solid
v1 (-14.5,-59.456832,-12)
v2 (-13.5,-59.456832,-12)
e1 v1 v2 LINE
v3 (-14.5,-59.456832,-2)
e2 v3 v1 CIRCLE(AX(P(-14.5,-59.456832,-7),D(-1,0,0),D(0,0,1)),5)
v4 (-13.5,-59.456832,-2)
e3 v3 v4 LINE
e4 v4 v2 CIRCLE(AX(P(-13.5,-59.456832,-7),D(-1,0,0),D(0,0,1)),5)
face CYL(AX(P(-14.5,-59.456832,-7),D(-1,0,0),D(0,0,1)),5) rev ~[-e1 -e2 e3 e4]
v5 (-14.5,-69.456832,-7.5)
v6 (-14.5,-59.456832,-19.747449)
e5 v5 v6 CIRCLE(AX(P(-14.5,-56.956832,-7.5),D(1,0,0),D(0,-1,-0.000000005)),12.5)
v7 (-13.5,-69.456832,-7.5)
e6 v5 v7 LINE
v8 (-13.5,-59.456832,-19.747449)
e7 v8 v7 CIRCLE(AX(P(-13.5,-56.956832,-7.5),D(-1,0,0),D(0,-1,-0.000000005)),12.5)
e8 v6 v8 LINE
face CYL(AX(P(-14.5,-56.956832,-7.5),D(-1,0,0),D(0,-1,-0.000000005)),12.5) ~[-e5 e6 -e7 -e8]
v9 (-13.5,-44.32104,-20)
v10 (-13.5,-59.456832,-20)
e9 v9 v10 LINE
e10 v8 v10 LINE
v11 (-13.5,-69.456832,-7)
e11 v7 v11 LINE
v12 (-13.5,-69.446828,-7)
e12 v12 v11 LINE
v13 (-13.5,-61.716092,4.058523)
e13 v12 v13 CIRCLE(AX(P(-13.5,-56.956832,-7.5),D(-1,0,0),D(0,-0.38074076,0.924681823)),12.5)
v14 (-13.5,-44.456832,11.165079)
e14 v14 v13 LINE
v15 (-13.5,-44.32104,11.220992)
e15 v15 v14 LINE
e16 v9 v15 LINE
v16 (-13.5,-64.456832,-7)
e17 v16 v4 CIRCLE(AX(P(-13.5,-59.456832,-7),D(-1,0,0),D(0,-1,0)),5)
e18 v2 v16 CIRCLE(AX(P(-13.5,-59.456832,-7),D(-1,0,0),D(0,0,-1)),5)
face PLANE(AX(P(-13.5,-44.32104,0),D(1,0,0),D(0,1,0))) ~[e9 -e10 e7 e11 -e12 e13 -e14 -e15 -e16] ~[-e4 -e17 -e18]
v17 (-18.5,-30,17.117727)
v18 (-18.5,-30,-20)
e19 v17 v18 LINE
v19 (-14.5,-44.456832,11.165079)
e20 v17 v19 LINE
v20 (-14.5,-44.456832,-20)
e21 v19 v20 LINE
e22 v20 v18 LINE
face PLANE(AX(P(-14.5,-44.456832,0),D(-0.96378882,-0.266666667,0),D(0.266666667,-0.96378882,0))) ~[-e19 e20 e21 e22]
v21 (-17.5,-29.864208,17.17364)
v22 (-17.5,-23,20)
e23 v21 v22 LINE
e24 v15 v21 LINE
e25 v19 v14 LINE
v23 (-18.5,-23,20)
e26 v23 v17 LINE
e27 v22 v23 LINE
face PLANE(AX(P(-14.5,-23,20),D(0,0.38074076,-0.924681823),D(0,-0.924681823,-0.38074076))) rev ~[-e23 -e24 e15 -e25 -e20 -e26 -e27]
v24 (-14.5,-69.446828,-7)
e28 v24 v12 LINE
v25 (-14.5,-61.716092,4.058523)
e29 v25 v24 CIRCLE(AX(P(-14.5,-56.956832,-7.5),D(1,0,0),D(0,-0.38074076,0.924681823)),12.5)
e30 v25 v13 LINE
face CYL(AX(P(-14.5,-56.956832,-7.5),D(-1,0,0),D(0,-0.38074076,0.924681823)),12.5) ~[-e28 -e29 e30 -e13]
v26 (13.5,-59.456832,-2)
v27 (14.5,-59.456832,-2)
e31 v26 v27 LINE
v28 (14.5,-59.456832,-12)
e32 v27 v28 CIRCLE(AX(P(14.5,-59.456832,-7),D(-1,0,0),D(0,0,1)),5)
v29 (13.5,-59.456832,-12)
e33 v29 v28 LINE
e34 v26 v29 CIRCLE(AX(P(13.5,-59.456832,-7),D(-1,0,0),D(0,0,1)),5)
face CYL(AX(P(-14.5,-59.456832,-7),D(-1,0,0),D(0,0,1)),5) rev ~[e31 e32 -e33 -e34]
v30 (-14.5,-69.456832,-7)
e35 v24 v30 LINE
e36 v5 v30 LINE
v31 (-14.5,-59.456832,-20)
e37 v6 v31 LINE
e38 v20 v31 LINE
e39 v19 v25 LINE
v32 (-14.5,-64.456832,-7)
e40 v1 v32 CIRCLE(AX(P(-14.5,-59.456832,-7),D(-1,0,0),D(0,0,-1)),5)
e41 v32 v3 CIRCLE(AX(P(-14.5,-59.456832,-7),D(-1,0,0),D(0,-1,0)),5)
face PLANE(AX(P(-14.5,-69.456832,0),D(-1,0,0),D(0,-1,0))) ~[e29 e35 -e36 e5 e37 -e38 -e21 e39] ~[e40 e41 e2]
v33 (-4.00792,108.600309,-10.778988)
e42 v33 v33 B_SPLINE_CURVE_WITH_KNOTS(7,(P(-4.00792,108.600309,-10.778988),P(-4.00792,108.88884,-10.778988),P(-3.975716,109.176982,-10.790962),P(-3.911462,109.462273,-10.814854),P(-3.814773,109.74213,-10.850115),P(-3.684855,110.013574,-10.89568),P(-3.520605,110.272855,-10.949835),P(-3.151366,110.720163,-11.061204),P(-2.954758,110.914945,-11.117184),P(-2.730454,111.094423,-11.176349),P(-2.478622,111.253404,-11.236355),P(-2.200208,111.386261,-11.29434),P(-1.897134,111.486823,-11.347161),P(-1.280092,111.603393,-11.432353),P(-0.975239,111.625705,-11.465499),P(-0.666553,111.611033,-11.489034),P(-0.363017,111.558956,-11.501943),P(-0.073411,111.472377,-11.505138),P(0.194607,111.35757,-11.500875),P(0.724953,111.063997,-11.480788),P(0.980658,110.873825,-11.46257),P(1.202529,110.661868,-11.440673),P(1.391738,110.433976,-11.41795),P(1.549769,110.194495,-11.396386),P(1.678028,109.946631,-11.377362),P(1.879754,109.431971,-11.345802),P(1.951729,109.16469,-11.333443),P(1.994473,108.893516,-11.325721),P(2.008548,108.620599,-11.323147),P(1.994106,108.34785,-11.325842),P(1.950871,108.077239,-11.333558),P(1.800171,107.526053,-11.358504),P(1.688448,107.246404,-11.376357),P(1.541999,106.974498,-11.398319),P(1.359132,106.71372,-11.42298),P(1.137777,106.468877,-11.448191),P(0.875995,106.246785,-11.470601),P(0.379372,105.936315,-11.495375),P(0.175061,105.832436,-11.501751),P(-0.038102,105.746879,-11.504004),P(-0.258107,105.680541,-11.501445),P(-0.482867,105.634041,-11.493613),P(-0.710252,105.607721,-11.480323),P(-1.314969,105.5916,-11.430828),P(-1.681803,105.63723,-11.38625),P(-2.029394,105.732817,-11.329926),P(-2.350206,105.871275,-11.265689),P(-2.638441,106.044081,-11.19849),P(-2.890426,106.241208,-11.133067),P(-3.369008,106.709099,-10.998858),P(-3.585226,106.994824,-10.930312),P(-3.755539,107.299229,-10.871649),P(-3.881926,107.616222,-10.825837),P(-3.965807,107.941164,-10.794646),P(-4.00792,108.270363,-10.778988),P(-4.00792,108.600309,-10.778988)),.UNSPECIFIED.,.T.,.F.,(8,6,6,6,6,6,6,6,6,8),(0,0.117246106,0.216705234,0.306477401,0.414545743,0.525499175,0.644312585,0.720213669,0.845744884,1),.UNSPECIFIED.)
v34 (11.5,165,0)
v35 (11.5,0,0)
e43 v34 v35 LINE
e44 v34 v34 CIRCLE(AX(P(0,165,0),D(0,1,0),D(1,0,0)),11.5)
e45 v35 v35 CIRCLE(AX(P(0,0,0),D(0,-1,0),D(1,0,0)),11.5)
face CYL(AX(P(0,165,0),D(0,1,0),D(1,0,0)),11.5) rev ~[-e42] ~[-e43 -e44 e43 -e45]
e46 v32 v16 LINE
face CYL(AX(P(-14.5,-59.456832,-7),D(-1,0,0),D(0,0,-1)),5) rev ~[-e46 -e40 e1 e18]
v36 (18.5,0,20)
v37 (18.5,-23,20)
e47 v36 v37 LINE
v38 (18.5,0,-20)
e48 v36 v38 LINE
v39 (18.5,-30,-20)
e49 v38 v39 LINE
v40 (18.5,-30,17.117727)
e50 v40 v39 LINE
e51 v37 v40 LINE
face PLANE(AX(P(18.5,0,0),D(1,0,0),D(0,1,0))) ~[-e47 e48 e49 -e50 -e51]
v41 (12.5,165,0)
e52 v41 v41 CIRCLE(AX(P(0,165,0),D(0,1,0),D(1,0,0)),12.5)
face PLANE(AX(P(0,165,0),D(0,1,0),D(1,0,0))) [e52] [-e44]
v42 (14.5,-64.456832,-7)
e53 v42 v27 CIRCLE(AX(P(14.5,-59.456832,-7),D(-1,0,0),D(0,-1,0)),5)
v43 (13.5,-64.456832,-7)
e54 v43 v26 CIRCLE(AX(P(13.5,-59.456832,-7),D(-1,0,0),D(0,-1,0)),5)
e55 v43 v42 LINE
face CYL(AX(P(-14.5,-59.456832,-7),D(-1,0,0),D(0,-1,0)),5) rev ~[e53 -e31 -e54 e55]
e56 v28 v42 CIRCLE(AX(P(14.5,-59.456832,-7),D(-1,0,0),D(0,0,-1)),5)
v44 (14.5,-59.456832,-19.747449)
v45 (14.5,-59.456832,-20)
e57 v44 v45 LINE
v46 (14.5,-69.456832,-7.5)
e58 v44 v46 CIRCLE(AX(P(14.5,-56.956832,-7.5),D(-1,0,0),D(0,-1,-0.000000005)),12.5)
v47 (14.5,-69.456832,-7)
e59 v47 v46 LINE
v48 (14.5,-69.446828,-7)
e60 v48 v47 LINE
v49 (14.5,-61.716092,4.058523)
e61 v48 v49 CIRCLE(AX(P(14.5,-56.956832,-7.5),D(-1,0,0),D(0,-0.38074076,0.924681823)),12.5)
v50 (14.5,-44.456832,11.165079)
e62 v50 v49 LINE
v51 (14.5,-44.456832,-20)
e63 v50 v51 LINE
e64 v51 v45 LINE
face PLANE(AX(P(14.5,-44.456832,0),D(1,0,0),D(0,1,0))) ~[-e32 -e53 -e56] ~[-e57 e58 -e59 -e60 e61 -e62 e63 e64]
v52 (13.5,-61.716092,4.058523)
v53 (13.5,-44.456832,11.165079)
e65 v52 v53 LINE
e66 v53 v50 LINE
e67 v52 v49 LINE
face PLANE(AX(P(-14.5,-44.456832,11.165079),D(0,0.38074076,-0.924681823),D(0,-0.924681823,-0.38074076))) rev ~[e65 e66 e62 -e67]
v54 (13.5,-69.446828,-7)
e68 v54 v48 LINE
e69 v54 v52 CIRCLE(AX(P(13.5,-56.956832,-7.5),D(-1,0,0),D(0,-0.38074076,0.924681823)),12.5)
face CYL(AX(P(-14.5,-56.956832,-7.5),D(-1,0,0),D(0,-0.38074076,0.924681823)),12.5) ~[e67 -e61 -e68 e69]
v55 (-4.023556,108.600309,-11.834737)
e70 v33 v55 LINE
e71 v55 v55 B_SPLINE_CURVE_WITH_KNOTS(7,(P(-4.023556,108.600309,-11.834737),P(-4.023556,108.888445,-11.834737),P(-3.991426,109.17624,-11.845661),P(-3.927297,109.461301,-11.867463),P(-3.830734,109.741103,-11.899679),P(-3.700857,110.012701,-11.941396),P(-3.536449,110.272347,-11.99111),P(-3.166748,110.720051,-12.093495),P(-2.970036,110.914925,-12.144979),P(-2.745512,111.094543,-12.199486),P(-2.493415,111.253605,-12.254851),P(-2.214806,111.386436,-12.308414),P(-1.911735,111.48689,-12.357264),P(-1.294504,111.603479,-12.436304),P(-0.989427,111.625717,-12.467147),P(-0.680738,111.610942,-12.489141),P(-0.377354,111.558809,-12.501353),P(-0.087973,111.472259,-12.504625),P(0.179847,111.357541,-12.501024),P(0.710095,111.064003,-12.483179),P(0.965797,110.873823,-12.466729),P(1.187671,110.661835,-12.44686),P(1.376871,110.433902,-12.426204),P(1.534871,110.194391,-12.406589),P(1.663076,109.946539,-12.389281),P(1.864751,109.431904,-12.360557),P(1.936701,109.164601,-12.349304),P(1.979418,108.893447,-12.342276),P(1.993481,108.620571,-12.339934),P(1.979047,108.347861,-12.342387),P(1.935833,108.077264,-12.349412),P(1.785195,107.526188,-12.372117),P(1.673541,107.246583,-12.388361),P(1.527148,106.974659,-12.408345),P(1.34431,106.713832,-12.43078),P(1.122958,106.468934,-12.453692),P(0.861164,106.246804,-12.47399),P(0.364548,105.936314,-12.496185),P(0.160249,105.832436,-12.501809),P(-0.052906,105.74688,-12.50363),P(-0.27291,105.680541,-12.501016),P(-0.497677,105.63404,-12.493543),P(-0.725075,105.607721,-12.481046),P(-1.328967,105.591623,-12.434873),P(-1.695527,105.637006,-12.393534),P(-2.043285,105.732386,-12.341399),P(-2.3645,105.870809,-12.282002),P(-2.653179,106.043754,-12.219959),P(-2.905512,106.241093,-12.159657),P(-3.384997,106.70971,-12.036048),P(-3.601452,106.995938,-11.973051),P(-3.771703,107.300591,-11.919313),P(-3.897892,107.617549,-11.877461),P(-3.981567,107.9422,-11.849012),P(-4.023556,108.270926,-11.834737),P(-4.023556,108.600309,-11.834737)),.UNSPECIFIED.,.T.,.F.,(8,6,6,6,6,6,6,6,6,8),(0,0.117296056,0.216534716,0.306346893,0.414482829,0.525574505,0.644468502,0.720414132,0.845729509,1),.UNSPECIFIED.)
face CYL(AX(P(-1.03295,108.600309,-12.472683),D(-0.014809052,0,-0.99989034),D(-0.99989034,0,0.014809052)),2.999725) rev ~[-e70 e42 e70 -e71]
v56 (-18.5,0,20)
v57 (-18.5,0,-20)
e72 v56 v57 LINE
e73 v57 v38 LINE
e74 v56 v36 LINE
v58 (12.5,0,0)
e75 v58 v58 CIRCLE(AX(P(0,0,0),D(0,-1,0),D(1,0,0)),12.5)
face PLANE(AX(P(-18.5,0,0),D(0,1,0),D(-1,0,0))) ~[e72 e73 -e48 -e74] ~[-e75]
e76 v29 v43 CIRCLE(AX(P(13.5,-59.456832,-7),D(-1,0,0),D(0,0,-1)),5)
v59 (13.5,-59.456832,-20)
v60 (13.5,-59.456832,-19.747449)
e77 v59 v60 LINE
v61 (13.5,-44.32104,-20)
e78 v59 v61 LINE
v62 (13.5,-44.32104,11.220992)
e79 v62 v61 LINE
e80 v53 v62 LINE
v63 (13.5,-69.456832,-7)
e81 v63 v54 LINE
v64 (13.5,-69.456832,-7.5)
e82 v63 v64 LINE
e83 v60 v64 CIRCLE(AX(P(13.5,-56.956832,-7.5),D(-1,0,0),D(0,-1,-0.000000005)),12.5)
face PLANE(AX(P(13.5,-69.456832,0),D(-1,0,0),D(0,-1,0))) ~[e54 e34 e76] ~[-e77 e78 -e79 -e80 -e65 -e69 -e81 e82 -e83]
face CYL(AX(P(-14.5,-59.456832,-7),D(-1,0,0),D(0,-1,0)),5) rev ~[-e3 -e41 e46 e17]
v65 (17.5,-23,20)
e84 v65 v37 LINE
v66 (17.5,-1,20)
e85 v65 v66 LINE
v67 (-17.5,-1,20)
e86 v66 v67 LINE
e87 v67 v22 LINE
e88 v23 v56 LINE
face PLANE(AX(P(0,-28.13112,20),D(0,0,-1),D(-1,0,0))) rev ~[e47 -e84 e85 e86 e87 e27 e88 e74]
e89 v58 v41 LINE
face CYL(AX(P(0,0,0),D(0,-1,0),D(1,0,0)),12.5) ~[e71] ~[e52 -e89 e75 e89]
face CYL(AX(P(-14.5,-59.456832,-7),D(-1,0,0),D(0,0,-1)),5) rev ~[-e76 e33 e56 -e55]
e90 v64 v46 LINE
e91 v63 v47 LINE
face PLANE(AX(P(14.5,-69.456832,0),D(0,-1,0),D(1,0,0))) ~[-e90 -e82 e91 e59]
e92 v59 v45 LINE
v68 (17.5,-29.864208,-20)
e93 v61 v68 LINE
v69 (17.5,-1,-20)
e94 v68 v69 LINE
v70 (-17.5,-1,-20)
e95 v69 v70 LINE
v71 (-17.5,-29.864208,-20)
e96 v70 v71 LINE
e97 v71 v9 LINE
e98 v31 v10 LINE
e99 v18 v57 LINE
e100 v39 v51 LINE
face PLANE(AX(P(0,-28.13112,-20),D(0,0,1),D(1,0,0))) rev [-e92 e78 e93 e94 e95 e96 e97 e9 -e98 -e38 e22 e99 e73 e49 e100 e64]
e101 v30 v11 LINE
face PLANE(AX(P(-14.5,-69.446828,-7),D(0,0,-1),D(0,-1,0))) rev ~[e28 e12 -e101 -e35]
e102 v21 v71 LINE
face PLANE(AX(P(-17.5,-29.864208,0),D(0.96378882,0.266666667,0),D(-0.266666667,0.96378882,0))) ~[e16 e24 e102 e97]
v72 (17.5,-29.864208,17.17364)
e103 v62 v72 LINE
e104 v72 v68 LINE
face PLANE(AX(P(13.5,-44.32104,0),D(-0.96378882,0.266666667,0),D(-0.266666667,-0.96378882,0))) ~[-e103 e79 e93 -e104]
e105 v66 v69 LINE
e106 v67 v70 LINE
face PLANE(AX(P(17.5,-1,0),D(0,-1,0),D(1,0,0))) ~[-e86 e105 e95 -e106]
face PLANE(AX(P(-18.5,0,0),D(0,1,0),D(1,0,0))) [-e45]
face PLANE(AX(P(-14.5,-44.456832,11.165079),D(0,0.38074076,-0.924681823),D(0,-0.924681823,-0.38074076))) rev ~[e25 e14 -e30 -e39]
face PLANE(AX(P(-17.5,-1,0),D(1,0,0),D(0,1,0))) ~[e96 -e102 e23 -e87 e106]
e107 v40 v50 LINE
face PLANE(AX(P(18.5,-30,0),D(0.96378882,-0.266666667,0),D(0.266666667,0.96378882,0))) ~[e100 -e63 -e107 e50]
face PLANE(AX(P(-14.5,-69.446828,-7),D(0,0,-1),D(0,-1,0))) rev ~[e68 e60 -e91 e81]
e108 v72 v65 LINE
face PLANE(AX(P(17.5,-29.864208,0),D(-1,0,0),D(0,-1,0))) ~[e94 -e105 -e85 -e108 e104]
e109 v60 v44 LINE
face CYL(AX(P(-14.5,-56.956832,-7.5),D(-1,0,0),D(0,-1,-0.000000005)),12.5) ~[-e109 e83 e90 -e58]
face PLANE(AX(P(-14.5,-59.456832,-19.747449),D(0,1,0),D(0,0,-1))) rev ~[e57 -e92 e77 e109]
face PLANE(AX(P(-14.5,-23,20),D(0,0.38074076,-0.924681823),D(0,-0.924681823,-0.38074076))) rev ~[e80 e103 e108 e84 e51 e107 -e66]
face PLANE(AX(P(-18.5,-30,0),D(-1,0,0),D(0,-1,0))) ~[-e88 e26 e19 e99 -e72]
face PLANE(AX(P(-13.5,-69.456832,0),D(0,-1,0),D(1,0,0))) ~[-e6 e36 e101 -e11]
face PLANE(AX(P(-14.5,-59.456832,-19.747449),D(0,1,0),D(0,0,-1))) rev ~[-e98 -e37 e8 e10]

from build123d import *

# Parameters (mm, degrees)
CROQUIS1_R                 = 12.5
SALIENTE_EXTRUIR1_DEPTH    = 165
CROQUIS2_R                 = 11.5
CORTAR_EXTRUIR1_DEPTH      = 166
EXTRUIR_L_MINA1_DEPTH      = 20
CORTAR_EXTRUIR4_DEPTH      = 5
CORTAR_EXTRUIR4_DEPTH_BACK = 34
CROQUIS6_R                 = 2.999725426
CORTAR_EXTRUIR5_DEPTH      = 5


with BuildPart() as part:
    # Croquis1 → Saliente-Extruir1 (new body)
    with BuildSketch(Plane(origin=(0, 0, 0), x_dir=(1, 0, 0), z_dir=(0, 1, 0))):
        Circle(CROQUIS1_R)
    extrude(amount=SALIENTE_EXTRUIR1_DEPTH)

    # Croquis2 → Cortar-Extruir1 (cut, through all)
    with BuildSketch(Plane(origin=(0, 165, 0), x_dir=(1, 0, 0), z_dir=(0, 1, 0))):
        Circle(CROQUIS2_R)
    extrude(amount=-CORTAR_EXTRUIR1_DEPTH, mode=Mode.SUBTRACT)

    # Croquis4 → Extruir-Lámina1 (add)
    with BuildSketch(Plane.XY):
        Polygon((-14.5, -69.456832295), (-14.5, -44.456832295), (-18.5, -30), (-18.5, 0), (18.5, 0), (18.5, -30), (14.5, -44.456832295), (14.5, -69.456832295), (13.5, -69.456832295), (13.5, -44.321040369), (17.5, -29.864208074), (17.5, -1), (-17.5, -1), (-17.5, -29.864208074), (-13.5, -44.321040369), (-13.5, -69.456832295), align=None)
    extruir_l_mina1 = extrude(amount=EXTRUIR_L_MINA1_DEPTH)

    # Simetría1: Extruir-Lámina1 across plane
    add(extruir_l_mina1.mirror(Plane.XY))

    # Croquis5 → Cortar-Extruir4 (cut, two sides)
    with BuildSketch(Plane.ZY.offset(14.5)) as cortar_extruir4_sk:
        Polygon((20, -23), (11.165079241, -44.456832295), (20, -44.456832295), align=None)
        with BuildLine():
            Line((20, -44.456832295), (11.165079241, -44.456832295))
            Line((11.165079241, -44.456832295), (4.058522787, -61.716091794))
            ThreePointArc((4.058522787, -61.716091794), (-0.338082334, -67.201681505), (-7, -69.446828292))
            Line((-7, -69.446828292), (-7, -69.456832295))
            Line((-7, -69.456832295), (20, -69.456832295))
            Line((20, -69.456832295), (20, -44.456832295))
        make_face()
        with BuildLine():
            Line((-19.747448714, -59.456832295), (-20, -59.456832295))
            Line((-20, -59.456832295), (-20, -69.456832295))
            Line((-20, -69.456832295), (-7.500000063, -69.456832295))
            ThreePointArc((-7.500000063, -69.456832295), (-15.405694175, -66.63929064), (-19.747448714, -59.456832295))
        make_face()
        with BuildLine():
            ThreePointArc((-2, -59.456832295), (-7, -54.456832295), (-12, -59.456832295))
            Line((-12, -59.456832295), (-7, -59.456832295))
            Line((-7, -59.456832295), (-7, -64.456832295))
            ThreePointArc((-7, -64.456832295), (-3.464466094, -62.992366201), (-2, -59.456832295))
        make_face()
        with BuildLine():
            Line((-7, -59.456832295), (-12, -59.456832295))
            ThreePointArc((-12, -59.456832295), (-10.535533906, -62.992366201), (-7, -64.456832295))
            Line((-7, -64.456832295), (-7, -59.456832295))
        make_face()
    extrude(amount=CORTAR_EXTRUIR4_DEPTH, mode=Mode.SUBTRACT)
    extrude(cortar_extruir4_sk.sketch, amount=-CORTAR_EXTRUIR4_DEPTH_BACK, mode=Mode.SUBTRACT)

    # Croquis6 → Cortar-Extruir5 (cut, symmetric)
    with BuildSketch(Plane(origin=(-0.184914892, 0, -12.485243343), x_dir=(-0.99989034, 0, 0.014809052), z_dir=(-0.014809052, 0, -0.99989034))):
        with Locations((0.848128323, 108.600309026)):
            Circle(CROQUIS6_R)
    extrude(amount=CORTAR_EXTRUIR5_DEPTH, both=True, mode=Mode.SUBTRACT)


solid = part.part
